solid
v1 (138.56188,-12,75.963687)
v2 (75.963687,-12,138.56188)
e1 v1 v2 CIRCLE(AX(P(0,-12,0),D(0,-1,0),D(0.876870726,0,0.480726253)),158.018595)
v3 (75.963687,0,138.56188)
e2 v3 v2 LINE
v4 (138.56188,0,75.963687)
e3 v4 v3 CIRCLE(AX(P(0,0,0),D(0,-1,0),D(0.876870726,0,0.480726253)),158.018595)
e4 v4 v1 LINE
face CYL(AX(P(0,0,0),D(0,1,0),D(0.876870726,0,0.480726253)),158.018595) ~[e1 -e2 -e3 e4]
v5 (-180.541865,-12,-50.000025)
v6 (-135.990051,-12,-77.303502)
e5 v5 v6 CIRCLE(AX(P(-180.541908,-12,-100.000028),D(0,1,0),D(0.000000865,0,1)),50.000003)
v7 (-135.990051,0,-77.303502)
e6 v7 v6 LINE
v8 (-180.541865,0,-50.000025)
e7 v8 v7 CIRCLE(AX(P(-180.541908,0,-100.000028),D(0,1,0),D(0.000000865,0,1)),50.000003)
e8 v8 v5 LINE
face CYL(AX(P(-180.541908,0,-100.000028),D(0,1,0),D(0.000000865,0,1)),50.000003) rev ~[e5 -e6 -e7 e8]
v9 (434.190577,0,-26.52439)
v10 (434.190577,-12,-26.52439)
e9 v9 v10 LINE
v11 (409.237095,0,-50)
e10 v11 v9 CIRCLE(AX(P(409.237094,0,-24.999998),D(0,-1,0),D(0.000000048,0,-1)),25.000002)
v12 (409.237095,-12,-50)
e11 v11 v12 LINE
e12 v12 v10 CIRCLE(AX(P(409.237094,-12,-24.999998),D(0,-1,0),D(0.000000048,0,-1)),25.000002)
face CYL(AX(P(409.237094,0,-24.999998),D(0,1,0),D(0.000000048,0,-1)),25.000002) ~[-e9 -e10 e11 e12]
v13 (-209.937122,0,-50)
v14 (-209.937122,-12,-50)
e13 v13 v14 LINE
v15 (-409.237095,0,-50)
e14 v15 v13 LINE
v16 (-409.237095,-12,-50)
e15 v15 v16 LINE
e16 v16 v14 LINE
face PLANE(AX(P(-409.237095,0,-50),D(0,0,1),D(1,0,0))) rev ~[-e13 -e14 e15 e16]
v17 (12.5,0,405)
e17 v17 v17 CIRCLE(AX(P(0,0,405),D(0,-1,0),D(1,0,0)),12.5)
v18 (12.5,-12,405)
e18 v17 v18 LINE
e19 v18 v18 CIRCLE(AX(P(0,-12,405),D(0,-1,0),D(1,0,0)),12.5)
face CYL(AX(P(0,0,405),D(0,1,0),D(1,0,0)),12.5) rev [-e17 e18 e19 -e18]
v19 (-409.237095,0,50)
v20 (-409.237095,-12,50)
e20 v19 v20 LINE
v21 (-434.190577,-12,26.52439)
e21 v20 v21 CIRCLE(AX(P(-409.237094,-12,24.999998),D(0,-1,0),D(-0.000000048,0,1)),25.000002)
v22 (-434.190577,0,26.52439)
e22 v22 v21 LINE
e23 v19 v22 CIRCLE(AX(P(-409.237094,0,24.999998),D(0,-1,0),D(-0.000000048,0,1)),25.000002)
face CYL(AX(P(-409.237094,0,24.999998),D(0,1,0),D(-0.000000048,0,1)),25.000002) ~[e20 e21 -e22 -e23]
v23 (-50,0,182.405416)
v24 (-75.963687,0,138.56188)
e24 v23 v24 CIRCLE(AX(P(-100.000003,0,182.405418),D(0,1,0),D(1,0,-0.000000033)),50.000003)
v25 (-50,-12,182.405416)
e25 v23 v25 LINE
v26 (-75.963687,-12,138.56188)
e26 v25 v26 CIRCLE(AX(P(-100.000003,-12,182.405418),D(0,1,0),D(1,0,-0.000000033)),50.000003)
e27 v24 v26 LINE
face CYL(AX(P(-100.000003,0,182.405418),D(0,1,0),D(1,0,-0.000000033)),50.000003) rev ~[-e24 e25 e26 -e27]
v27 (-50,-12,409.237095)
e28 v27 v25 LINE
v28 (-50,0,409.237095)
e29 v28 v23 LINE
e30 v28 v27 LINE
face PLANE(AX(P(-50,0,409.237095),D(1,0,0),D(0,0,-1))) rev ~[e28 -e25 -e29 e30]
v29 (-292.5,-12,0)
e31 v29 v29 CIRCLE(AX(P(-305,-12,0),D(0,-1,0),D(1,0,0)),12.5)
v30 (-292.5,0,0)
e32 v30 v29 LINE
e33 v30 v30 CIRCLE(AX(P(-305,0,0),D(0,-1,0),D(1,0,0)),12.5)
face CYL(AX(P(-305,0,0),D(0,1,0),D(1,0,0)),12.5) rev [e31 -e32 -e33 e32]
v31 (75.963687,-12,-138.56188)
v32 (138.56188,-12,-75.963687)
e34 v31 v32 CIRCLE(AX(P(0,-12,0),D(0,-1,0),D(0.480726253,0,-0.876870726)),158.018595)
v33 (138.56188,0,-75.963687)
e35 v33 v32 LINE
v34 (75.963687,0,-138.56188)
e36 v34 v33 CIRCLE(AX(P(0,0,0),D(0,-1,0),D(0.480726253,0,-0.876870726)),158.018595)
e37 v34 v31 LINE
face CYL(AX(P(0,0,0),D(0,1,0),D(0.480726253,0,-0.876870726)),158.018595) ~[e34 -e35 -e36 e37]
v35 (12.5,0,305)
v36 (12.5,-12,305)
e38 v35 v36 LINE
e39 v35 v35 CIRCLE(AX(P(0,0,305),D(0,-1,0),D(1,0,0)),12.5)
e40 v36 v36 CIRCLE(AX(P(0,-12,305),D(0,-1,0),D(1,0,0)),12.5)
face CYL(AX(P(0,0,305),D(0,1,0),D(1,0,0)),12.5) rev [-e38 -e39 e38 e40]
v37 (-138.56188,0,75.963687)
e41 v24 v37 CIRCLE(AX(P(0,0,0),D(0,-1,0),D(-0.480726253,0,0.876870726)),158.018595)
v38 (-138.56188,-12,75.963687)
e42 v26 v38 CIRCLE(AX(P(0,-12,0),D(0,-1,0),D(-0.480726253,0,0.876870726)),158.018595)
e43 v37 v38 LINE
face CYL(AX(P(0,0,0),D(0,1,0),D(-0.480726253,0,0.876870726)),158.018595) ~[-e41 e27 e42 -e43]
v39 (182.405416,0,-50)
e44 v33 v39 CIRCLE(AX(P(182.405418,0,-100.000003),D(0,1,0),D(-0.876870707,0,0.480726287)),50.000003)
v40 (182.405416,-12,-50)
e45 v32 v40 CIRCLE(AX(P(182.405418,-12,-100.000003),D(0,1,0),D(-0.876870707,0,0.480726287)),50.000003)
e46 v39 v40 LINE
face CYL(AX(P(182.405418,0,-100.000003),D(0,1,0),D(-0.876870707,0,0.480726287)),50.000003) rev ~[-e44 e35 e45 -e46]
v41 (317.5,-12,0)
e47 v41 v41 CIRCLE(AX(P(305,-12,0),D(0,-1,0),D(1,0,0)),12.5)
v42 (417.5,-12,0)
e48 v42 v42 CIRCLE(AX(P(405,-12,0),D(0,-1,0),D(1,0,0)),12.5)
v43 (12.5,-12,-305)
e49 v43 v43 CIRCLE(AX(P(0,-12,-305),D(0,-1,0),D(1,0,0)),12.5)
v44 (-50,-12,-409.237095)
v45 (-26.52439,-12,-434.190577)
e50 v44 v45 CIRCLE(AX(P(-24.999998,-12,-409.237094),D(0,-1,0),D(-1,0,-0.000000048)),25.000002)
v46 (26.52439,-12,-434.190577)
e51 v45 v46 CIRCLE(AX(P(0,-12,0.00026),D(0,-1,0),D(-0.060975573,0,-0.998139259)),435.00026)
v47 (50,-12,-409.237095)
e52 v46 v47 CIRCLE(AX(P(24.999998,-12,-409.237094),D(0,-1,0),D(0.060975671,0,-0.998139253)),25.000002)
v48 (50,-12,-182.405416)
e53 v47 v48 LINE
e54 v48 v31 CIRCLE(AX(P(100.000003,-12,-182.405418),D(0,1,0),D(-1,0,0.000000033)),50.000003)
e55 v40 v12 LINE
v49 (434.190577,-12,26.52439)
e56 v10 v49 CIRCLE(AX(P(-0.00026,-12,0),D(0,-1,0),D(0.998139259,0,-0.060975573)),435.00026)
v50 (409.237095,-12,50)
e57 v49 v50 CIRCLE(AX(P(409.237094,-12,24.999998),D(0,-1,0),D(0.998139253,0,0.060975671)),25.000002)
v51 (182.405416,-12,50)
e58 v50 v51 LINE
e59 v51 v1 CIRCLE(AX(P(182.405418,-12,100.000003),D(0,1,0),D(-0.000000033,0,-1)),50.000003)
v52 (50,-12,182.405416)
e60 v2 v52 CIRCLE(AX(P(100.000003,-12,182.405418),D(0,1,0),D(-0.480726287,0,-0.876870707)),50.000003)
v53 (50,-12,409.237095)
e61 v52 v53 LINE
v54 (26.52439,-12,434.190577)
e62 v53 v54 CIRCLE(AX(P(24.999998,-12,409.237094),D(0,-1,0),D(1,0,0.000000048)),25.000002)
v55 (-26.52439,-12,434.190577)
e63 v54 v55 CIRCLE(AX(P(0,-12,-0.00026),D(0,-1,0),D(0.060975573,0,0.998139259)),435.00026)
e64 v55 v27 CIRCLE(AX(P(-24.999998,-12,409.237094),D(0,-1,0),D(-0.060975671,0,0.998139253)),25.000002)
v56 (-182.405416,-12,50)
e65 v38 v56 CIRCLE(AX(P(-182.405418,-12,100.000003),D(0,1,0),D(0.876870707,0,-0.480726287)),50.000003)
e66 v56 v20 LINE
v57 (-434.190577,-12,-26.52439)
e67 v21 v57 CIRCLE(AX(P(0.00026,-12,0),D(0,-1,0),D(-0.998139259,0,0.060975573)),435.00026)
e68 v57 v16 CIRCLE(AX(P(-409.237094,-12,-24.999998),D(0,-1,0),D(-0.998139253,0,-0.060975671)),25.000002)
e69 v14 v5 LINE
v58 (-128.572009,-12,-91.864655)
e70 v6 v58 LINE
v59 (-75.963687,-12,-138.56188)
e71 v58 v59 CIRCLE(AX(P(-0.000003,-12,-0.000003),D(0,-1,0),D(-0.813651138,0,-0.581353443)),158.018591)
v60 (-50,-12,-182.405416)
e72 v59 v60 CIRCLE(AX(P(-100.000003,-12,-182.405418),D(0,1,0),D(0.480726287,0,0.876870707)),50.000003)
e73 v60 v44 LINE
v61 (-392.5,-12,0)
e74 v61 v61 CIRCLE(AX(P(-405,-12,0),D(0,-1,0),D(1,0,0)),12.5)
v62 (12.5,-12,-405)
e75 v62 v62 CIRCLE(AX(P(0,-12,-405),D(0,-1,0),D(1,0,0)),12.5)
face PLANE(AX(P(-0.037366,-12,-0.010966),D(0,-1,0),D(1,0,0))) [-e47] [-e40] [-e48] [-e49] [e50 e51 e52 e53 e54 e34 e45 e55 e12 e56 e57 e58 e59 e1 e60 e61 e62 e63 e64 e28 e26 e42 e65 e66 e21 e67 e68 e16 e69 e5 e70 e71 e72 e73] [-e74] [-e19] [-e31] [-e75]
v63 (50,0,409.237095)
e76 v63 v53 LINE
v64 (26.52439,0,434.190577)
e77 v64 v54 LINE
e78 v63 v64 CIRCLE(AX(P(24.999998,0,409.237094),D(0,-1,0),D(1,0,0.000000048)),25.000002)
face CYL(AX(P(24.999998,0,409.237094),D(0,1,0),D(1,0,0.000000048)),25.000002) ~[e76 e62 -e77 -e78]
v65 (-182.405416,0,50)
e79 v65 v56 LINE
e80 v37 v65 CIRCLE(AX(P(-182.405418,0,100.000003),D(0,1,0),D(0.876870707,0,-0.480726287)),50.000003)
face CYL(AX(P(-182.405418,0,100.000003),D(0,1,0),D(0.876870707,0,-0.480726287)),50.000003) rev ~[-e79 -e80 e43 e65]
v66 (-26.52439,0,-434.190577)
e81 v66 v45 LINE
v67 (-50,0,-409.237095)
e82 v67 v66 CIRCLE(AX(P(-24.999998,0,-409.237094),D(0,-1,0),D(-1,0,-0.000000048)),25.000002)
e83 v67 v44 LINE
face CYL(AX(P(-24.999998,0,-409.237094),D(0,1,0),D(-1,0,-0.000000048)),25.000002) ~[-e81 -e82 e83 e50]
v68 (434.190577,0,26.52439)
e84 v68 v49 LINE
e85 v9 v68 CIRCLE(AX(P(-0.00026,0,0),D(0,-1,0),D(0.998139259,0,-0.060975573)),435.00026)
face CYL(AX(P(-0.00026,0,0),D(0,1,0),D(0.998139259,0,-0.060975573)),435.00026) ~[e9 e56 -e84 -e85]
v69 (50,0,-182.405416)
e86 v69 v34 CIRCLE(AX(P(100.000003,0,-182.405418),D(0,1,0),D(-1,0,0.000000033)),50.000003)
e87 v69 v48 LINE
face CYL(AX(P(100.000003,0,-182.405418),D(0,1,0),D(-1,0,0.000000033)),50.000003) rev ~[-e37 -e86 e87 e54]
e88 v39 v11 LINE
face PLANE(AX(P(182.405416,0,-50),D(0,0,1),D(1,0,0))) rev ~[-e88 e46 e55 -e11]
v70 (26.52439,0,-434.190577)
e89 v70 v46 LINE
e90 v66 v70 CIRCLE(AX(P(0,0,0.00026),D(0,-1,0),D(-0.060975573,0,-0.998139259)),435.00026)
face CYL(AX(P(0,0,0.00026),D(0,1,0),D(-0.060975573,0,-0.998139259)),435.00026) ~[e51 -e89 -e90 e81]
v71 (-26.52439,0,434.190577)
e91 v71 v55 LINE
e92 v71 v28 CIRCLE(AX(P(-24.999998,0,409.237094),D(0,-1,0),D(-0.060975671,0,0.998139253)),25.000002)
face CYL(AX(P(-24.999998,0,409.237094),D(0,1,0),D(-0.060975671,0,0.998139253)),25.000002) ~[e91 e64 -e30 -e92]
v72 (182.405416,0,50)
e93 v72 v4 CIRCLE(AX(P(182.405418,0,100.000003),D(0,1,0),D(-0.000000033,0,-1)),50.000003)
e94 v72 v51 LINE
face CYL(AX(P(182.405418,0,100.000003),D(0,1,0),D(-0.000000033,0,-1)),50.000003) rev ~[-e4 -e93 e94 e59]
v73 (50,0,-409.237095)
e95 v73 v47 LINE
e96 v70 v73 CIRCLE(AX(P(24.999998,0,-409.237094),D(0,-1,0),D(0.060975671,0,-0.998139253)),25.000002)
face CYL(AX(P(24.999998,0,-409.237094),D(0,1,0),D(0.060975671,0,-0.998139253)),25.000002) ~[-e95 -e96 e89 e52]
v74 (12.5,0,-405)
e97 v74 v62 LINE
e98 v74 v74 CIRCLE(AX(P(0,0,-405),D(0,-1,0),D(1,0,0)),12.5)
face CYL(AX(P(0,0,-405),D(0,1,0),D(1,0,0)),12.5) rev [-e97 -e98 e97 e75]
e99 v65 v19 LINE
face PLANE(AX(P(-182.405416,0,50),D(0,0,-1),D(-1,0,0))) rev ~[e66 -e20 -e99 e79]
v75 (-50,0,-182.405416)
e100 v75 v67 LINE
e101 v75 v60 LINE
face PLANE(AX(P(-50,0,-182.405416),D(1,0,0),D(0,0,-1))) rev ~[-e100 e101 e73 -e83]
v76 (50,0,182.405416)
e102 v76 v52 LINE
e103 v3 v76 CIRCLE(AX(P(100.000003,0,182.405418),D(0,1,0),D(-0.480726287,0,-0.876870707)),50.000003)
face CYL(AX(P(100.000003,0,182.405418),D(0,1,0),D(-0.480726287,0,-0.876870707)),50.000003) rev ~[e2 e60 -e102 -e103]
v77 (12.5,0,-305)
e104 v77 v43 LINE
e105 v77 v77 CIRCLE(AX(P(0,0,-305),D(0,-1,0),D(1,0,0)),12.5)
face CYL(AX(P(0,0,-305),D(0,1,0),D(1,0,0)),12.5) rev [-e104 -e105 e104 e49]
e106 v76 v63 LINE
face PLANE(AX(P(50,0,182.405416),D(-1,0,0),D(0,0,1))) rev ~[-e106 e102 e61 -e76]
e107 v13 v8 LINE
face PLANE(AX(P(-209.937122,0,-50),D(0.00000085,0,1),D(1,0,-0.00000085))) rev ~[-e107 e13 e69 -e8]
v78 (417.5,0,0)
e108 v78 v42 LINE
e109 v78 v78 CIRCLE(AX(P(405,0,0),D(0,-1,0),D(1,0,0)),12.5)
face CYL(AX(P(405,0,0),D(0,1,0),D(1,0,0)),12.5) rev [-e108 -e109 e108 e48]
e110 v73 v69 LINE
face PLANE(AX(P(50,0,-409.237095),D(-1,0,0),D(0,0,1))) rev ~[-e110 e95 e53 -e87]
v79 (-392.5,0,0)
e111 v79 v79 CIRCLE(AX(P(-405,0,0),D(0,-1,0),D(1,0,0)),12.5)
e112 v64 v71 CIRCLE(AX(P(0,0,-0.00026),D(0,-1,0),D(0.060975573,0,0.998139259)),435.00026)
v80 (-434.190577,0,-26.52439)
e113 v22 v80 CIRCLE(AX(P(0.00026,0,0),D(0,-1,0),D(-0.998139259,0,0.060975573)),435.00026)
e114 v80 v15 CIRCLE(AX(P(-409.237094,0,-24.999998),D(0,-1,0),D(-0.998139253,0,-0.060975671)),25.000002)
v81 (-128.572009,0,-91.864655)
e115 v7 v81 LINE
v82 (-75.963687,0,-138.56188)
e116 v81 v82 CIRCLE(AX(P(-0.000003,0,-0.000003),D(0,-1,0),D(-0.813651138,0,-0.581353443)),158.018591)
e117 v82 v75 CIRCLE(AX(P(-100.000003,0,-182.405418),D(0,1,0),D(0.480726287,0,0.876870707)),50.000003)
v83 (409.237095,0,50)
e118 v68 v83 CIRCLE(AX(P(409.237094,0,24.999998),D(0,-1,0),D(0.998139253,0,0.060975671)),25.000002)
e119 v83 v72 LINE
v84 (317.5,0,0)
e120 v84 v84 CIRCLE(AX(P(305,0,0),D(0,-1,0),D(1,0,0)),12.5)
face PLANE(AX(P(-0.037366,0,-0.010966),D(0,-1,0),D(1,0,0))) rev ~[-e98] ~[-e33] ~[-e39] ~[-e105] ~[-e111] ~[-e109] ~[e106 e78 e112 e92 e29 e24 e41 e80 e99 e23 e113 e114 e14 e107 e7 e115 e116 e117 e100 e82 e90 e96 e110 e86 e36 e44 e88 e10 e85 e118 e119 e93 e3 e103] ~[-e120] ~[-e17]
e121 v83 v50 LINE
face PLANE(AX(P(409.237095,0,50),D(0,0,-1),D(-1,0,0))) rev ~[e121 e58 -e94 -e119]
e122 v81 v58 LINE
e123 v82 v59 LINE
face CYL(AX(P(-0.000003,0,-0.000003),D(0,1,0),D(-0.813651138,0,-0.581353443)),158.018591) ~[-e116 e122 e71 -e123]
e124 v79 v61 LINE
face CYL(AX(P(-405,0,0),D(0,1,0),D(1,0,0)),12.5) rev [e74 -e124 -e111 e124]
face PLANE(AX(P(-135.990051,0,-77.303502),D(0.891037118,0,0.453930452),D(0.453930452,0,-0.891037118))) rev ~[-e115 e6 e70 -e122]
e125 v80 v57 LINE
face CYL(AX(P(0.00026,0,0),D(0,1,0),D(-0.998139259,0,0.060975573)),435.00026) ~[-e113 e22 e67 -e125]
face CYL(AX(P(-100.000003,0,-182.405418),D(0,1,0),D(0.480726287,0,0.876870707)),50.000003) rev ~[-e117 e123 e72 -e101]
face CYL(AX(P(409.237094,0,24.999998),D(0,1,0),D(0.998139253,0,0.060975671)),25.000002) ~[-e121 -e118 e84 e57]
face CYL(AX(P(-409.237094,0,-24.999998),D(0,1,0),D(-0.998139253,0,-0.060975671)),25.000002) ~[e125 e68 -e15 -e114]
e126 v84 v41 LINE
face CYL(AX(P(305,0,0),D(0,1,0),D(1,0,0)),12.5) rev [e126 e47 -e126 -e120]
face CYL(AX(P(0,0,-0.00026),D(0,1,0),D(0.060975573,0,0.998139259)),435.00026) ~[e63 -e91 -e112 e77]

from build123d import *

# Parameters (mm, degrees)
F0_R     = 12.5
F1_DEPTH = 12


with BuildPart() as f1:
    # F0 (on Front) → F1 (new body)
    with BuildSketch(Plane.XZ):
        with BuildLine():
            ThreePointArc((50, 409.237095), (43.208648, 426.367335), (26.52439, 434.190577))
            ThreePointArc((26.52439, 434.190577), (0, 435), (-26.52439, 434.190577))
            ThreePointArc((-26.52439, 434.190577), (-43.208648, 426.367335), (-50, 409.237095))
            Line((-50, 409.237095), (-50, 182.405416))
            ThreePointArc((-50, 182.405416), (-56.977822, 156.928129), (-75.963687, 138.56188))
            ThreePointArc((-75.963687, 138.56188), (-111.73602, 111.73602), (-138.56188, 75.963687))
            ThreePointArc((-138.56188, 75.963687), (-156.928129, 56.977822), (-182.405416, 50))
            Line((-182.405416, 50), (-409.237095, 50))
            ThreePointArc((-409.237095, 50), (-426.367335, 43.208648), (-434.190577, 26.52439))
            ThreePointArc((-434.190577, 26.52439), (-435, 0), (-434.190577, -26.52439))
            ThreePointArc((-434.190577, -26.52439), (-426.367335, -43.208648), (-409.237095, -50))
            Line((-409.237095, -50), (-209.937122, -50))
            Line((-209.937122, -50), (-180.541865, -50.000025))
            ThreePointArc((-180.541865, -50.000025), (-154.415525, -57.368908), (-135.990051, -77.303502))
            Line((-135.990051, -77.303502), (-128.572009, -91.864655))
            ThreePointArc((-128.572009, -91.864655), (-104.899335, -118.177857), (-75.963687, -138.56188))
            ThreePointArc((-75.963687, -138.56188), (-56.977822, -156.928129), (-50, -182.405416))
            Line((-50, -182.405416), (-50, -409.237095))
            ThreePointArc((-50, -409.237095), (-43.208648, -426.367335), (-26.52439, -434.190577))
            ThreePointArc((-26.52439, -434.190577), (0, -435), (26.52439, -434.190577))
            ThreePointArc((26.52439, -434.190577), (43.208648, -426.367335), (50, -409.237095))
            Line((50, -409.237095), (50, -182.405416))
            ThreePointArc((50, -182.405416), (56.977822, -156.928129), (75.963687, -138.56188))
            ThreePointArc((75.963687, -138.56188), (111.73602, -111.73602), (138.56188, -75.963687))
            ThreePointArc((138.56188, -75.963687), (156.928129, -56.977822), (182.405416, -50))
            Line((182.405416, -50), (409.237095, -50))
            ThreePointArc((409.237095, -50), (426.367335, -43.208648), (434.190577, -26.52439))
            ThreePointArc((434.190577, -26.52439), (435, 0), (434.190577, 26.52439))
            ThreePointArc((434.190577, 26.52439), (426.367335, 43.208648), (409.237095, 50))
            Line((409.237095, 50), (182.405416, 50))
            ThreePointArc((182.405416, 50), (156.928129, 56.977822), (138.56188, 75.963687))
            ThreePointArc((138.56188, 75.963687), (111.73602, 111.73602), (75.963687, 138.56188))
            ThreePointArc((75.963687, 138.56188), (56.977822, 156.928129), (50, 182.405416))
            Line((50, 182.405416), (50, 409.237095))
        make_face()
        with Locations((0, -405)):
            Circle(F0_R, mode=Mode.SUBTRACT)
        with Locations((0, -305)):
            Circle(F0_R, mode=Mode.SUBTRACT)
        with Locations((-405, 0)):
            Circle(F0_R, mode=Mode.SUBTRACT)
        with Locations((-305, 0)):
            Circle(F0_R, mode=Mode.SUBTRACT)
        with Locations((305, 0)):
            Circle(F0_R, mode=Mode.SUBTRACT)
        with Locations((405, 0)):
            Circle(F0_R, mode=Mode.SUBTRACT)
        with Locations((0, 305)):
            Circle(F0_R, mode=Mode.SUBTRACT)
        with Locations((0, 405)):
            Circle(F0_R, mode=Mode.SUBTRACT)
    extrude(amount=F1_DEPTH)


solid = f1.part
